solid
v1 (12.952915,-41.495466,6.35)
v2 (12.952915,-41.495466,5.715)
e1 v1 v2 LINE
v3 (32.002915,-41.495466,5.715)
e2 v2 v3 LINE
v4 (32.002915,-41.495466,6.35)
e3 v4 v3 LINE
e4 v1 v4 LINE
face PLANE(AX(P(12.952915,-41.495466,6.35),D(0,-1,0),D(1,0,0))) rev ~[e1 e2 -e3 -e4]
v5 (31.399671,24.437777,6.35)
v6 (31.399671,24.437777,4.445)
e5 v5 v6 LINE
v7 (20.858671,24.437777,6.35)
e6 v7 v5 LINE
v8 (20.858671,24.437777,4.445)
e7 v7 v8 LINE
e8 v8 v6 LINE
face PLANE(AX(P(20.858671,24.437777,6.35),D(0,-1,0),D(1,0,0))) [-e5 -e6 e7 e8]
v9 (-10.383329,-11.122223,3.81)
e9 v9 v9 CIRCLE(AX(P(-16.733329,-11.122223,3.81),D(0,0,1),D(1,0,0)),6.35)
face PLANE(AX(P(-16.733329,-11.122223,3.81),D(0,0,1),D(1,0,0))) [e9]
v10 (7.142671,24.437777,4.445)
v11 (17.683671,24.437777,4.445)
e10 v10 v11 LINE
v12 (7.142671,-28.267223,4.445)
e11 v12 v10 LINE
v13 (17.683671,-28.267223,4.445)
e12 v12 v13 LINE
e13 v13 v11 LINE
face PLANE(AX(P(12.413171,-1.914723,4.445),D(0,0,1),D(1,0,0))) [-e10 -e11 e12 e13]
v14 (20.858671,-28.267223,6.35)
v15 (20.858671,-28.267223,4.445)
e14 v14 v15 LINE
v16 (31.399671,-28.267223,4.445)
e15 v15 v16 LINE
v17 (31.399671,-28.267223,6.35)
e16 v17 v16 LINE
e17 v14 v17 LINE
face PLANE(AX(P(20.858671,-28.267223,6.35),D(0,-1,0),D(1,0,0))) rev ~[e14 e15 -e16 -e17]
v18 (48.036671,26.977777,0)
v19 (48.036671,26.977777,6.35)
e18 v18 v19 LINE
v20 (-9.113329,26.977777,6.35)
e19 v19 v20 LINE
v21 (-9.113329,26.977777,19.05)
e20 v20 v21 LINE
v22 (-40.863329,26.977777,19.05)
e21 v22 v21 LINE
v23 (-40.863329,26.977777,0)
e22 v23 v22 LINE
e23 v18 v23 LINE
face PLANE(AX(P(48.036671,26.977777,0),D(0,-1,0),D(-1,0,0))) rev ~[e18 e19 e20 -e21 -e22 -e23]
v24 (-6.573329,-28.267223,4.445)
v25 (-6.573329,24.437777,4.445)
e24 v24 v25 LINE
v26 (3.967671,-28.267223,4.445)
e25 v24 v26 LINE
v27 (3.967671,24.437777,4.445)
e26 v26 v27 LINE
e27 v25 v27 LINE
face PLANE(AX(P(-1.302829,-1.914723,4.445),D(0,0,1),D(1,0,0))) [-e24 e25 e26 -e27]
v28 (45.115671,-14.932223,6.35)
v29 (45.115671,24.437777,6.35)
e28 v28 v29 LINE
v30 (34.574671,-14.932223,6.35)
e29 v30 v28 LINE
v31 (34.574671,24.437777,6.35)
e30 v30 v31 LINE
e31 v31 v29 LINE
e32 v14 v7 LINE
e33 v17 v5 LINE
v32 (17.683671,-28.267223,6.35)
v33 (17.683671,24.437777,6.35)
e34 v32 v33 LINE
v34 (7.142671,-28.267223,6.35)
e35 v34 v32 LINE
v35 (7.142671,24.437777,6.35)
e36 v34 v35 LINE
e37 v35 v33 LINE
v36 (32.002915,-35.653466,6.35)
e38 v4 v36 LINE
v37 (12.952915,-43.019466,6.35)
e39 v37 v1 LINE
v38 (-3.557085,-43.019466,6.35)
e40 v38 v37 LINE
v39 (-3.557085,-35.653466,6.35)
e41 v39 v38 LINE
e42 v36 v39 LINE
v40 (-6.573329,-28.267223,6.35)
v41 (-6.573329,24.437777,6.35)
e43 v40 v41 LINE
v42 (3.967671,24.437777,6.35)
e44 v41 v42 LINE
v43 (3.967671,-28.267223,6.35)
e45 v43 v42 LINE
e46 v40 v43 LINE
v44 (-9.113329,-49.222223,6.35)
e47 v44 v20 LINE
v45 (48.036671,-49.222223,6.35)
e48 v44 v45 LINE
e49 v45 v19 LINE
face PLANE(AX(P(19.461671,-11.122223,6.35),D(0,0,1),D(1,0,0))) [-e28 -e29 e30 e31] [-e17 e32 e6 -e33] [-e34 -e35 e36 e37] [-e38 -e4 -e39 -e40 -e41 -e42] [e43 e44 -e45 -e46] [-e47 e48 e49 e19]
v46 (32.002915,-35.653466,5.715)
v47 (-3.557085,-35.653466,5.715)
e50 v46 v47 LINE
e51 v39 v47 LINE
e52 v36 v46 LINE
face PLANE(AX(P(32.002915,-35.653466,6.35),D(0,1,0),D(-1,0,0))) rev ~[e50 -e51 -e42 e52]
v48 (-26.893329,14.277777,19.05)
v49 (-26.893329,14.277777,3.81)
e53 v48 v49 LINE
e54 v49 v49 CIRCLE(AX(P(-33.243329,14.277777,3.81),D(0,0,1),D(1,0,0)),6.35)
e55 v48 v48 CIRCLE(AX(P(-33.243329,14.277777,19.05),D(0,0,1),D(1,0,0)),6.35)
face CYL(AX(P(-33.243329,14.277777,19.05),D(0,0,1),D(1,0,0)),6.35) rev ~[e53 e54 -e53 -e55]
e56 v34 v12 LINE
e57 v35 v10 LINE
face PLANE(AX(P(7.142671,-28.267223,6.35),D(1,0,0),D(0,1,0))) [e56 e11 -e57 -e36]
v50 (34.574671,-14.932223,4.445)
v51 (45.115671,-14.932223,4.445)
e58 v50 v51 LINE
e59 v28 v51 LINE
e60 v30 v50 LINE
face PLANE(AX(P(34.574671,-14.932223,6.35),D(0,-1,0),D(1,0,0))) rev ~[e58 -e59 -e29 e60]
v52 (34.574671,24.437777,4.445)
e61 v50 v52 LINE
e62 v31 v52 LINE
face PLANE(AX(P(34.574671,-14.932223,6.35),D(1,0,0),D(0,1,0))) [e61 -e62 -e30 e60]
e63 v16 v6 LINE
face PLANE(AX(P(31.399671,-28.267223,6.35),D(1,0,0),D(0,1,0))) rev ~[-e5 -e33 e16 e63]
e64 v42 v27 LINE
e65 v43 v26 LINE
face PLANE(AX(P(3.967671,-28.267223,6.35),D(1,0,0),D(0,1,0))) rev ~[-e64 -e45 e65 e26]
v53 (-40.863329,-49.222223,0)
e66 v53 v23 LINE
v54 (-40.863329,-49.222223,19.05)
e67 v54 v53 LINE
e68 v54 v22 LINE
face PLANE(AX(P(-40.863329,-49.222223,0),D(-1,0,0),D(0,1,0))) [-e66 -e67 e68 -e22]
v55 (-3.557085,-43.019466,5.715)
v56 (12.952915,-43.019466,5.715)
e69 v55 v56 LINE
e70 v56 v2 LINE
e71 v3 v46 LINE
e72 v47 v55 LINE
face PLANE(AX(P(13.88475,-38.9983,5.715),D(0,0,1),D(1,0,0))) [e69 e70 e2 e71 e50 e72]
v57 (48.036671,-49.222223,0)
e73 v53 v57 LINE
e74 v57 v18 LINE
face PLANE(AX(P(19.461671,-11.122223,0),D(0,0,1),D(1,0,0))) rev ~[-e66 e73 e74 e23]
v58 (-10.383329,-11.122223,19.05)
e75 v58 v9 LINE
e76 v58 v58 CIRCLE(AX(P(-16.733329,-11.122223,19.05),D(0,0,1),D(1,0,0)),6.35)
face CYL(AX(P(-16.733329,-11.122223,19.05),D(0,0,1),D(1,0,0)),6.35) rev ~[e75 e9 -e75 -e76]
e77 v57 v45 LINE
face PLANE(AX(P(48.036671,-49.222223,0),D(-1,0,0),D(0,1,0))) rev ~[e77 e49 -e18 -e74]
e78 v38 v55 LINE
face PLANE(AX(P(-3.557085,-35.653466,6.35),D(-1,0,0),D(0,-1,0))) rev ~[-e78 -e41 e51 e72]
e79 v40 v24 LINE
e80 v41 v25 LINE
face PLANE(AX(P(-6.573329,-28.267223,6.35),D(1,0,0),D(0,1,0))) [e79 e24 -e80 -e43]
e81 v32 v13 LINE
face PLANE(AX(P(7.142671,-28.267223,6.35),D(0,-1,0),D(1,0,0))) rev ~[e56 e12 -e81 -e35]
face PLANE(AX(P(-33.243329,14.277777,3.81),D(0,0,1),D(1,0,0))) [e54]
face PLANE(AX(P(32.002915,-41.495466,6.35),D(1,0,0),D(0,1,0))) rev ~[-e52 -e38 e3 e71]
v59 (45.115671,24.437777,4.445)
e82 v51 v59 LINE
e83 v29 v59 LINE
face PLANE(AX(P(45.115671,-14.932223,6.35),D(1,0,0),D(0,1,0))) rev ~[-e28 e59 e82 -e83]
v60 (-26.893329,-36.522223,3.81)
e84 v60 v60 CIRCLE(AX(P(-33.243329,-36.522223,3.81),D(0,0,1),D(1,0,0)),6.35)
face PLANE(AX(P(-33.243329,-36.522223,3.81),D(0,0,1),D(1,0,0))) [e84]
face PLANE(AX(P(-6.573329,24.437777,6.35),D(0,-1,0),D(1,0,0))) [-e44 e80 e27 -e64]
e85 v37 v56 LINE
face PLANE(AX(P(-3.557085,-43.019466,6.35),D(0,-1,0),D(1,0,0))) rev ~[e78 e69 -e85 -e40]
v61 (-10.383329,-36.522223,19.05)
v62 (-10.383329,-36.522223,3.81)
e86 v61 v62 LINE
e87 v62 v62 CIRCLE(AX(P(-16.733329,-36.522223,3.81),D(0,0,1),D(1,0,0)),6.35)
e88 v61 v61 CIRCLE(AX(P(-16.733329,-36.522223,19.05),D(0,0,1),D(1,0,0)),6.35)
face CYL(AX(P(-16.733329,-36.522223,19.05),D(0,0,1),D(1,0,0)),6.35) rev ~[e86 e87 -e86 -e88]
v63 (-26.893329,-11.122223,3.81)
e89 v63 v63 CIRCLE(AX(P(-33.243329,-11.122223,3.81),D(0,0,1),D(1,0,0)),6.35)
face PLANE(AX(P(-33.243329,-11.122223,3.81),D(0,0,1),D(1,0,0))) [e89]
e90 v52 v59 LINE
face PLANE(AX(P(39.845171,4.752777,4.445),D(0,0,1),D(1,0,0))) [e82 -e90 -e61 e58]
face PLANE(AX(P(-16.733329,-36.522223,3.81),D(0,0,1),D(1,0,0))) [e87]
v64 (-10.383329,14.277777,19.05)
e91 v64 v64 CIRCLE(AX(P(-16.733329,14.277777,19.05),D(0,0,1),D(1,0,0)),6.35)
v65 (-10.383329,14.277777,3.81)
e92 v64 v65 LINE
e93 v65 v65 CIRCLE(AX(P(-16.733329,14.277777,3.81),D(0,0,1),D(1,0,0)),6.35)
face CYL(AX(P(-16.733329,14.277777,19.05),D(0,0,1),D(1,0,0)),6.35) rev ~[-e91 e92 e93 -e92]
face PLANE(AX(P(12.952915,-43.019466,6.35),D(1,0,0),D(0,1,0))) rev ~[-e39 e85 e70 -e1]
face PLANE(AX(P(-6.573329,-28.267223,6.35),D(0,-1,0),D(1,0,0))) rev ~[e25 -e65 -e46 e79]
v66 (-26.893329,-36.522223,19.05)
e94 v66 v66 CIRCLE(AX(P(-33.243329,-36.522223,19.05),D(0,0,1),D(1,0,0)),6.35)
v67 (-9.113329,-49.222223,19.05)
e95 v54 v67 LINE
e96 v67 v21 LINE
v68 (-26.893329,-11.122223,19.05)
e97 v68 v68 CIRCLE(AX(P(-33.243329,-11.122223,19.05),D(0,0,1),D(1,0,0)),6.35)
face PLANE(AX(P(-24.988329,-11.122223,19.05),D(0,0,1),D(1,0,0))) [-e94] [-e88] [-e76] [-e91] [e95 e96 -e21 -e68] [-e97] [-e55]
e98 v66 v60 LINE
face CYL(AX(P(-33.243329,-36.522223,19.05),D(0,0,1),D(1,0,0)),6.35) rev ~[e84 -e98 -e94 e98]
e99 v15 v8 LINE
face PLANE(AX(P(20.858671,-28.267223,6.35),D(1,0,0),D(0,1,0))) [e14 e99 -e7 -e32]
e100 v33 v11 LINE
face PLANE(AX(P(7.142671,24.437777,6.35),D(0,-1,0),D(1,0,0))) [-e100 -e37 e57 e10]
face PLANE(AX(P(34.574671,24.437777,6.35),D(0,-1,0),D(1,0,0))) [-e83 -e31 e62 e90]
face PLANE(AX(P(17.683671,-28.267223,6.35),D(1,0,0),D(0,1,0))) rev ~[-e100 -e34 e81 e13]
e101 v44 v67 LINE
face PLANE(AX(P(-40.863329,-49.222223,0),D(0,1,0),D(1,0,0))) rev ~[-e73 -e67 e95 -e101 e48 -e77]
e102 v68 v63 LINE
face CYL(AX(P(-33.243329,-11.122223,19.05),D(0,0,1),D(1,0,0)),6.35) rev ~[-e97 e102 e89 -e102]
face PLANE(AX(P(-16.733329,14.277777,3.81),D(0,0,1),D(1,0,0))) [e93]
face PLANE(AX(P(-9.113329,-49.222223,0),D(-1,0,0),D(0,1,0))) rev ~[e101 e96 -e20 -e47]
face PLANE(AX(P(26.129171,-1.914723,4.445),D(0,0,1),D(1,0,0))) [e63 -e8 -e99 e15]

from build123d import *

# Parameters (mm, degrees)
F0_W     = 31.75
F0_H     = 76.2
F1_DEPTH = 19.05
F0_W_2   = 57.15
F2_DEPTH = 6.35
F3_R     = 6.35
F4_DEPTH = 15.24
F5_W     = 10.541
F5_H     = 52.705
F5_H_2   = 39.37
F6_DEPTH = 1.905
F7_DEPTH = 1.27


with BuildPart() as f1:
    # F0 (on Top) → F1 (new body)
    with BuildSketch(Plane.XY):
        with Locations((-24.9883290738, -11.122222997)):
            Rectangle(F0_W, F0_H)
    extrude(amount=F1_DEPTH)

    # F0 (on Top) → F2 (join)
    with BuildSketch(Plane.XY):
        with Locations((19.4616709262, -11.122222997)):
            Rectangle(F0_W_2, F0_H)
        with Locations((-24.9883290738, -11.122222997)):
            Rectangle(F0_W, F0_H)
    extrude(amount=F2_DEPTH)

    # F3 (on face) → F4 (cut)
    with BuildSketch(Plane.XY.offset(19.05)):
        with Locations((-33.2433290738, 14.277777003)):
            Circle(F3_R)
        with Locations((-16.7333290738, 14.277777003)):
            Circle(F3_R)
        with Locations((-33.2433290738, -11.122222997)):
            Circle(F3_R)
        with Locations((-16.7333290738, -11.122222997)):
            Circle(F3_R)
        with Locations((-16.7333290738, -36.522222997)):
            Circle(F3_R)
        with Locations((-33.2433290738, -36.522222997)):
            Circle(F3_R)
    extrude(amount=-F4_DEPTH, mode=Mode.SUBTRACT)

    # F5 (on face) → F6 (cut)
    with BuildSketch(Plane.XY.offset(6.35)):
        with Locations((12.4131709262, -1.914722997)):
            Rectangle(F5_W, F5_H)
        with Locations((-1.3028290738, -1.914722997)):
            Rectangle(F5_W, F5_H)
        with Locations((39.8451709262, 4.752777003)):
            Rectangle(F5_W, F5_H_2)
        with Locations((26.1291709262, -1.914722997)):
            Rectangle(F5_W, F5_H)
        Polygon((32.0029154061, -35.6534661021), (-3.5570845939, -35.6534661021), (-3.5570845939, -43.0194661021), (12.9529154061, -43.0194661021), (12.9529154061, -41.4954661021), (32.0029154061, -41.4954661021), align=None)
    extrude(amount=-F6_DEPTH, mode=Mode.SUBTRACT)

    # F7 (add): a face of the model
    f7_faces = [f1.faces().sort_by_distance(p)[0] for p in [
        (13.1938987856, -38.9723525287, 4.445),
    ]]
    extrude(f7_faces, amount=F7_DEPTH)


solid = f1.part
